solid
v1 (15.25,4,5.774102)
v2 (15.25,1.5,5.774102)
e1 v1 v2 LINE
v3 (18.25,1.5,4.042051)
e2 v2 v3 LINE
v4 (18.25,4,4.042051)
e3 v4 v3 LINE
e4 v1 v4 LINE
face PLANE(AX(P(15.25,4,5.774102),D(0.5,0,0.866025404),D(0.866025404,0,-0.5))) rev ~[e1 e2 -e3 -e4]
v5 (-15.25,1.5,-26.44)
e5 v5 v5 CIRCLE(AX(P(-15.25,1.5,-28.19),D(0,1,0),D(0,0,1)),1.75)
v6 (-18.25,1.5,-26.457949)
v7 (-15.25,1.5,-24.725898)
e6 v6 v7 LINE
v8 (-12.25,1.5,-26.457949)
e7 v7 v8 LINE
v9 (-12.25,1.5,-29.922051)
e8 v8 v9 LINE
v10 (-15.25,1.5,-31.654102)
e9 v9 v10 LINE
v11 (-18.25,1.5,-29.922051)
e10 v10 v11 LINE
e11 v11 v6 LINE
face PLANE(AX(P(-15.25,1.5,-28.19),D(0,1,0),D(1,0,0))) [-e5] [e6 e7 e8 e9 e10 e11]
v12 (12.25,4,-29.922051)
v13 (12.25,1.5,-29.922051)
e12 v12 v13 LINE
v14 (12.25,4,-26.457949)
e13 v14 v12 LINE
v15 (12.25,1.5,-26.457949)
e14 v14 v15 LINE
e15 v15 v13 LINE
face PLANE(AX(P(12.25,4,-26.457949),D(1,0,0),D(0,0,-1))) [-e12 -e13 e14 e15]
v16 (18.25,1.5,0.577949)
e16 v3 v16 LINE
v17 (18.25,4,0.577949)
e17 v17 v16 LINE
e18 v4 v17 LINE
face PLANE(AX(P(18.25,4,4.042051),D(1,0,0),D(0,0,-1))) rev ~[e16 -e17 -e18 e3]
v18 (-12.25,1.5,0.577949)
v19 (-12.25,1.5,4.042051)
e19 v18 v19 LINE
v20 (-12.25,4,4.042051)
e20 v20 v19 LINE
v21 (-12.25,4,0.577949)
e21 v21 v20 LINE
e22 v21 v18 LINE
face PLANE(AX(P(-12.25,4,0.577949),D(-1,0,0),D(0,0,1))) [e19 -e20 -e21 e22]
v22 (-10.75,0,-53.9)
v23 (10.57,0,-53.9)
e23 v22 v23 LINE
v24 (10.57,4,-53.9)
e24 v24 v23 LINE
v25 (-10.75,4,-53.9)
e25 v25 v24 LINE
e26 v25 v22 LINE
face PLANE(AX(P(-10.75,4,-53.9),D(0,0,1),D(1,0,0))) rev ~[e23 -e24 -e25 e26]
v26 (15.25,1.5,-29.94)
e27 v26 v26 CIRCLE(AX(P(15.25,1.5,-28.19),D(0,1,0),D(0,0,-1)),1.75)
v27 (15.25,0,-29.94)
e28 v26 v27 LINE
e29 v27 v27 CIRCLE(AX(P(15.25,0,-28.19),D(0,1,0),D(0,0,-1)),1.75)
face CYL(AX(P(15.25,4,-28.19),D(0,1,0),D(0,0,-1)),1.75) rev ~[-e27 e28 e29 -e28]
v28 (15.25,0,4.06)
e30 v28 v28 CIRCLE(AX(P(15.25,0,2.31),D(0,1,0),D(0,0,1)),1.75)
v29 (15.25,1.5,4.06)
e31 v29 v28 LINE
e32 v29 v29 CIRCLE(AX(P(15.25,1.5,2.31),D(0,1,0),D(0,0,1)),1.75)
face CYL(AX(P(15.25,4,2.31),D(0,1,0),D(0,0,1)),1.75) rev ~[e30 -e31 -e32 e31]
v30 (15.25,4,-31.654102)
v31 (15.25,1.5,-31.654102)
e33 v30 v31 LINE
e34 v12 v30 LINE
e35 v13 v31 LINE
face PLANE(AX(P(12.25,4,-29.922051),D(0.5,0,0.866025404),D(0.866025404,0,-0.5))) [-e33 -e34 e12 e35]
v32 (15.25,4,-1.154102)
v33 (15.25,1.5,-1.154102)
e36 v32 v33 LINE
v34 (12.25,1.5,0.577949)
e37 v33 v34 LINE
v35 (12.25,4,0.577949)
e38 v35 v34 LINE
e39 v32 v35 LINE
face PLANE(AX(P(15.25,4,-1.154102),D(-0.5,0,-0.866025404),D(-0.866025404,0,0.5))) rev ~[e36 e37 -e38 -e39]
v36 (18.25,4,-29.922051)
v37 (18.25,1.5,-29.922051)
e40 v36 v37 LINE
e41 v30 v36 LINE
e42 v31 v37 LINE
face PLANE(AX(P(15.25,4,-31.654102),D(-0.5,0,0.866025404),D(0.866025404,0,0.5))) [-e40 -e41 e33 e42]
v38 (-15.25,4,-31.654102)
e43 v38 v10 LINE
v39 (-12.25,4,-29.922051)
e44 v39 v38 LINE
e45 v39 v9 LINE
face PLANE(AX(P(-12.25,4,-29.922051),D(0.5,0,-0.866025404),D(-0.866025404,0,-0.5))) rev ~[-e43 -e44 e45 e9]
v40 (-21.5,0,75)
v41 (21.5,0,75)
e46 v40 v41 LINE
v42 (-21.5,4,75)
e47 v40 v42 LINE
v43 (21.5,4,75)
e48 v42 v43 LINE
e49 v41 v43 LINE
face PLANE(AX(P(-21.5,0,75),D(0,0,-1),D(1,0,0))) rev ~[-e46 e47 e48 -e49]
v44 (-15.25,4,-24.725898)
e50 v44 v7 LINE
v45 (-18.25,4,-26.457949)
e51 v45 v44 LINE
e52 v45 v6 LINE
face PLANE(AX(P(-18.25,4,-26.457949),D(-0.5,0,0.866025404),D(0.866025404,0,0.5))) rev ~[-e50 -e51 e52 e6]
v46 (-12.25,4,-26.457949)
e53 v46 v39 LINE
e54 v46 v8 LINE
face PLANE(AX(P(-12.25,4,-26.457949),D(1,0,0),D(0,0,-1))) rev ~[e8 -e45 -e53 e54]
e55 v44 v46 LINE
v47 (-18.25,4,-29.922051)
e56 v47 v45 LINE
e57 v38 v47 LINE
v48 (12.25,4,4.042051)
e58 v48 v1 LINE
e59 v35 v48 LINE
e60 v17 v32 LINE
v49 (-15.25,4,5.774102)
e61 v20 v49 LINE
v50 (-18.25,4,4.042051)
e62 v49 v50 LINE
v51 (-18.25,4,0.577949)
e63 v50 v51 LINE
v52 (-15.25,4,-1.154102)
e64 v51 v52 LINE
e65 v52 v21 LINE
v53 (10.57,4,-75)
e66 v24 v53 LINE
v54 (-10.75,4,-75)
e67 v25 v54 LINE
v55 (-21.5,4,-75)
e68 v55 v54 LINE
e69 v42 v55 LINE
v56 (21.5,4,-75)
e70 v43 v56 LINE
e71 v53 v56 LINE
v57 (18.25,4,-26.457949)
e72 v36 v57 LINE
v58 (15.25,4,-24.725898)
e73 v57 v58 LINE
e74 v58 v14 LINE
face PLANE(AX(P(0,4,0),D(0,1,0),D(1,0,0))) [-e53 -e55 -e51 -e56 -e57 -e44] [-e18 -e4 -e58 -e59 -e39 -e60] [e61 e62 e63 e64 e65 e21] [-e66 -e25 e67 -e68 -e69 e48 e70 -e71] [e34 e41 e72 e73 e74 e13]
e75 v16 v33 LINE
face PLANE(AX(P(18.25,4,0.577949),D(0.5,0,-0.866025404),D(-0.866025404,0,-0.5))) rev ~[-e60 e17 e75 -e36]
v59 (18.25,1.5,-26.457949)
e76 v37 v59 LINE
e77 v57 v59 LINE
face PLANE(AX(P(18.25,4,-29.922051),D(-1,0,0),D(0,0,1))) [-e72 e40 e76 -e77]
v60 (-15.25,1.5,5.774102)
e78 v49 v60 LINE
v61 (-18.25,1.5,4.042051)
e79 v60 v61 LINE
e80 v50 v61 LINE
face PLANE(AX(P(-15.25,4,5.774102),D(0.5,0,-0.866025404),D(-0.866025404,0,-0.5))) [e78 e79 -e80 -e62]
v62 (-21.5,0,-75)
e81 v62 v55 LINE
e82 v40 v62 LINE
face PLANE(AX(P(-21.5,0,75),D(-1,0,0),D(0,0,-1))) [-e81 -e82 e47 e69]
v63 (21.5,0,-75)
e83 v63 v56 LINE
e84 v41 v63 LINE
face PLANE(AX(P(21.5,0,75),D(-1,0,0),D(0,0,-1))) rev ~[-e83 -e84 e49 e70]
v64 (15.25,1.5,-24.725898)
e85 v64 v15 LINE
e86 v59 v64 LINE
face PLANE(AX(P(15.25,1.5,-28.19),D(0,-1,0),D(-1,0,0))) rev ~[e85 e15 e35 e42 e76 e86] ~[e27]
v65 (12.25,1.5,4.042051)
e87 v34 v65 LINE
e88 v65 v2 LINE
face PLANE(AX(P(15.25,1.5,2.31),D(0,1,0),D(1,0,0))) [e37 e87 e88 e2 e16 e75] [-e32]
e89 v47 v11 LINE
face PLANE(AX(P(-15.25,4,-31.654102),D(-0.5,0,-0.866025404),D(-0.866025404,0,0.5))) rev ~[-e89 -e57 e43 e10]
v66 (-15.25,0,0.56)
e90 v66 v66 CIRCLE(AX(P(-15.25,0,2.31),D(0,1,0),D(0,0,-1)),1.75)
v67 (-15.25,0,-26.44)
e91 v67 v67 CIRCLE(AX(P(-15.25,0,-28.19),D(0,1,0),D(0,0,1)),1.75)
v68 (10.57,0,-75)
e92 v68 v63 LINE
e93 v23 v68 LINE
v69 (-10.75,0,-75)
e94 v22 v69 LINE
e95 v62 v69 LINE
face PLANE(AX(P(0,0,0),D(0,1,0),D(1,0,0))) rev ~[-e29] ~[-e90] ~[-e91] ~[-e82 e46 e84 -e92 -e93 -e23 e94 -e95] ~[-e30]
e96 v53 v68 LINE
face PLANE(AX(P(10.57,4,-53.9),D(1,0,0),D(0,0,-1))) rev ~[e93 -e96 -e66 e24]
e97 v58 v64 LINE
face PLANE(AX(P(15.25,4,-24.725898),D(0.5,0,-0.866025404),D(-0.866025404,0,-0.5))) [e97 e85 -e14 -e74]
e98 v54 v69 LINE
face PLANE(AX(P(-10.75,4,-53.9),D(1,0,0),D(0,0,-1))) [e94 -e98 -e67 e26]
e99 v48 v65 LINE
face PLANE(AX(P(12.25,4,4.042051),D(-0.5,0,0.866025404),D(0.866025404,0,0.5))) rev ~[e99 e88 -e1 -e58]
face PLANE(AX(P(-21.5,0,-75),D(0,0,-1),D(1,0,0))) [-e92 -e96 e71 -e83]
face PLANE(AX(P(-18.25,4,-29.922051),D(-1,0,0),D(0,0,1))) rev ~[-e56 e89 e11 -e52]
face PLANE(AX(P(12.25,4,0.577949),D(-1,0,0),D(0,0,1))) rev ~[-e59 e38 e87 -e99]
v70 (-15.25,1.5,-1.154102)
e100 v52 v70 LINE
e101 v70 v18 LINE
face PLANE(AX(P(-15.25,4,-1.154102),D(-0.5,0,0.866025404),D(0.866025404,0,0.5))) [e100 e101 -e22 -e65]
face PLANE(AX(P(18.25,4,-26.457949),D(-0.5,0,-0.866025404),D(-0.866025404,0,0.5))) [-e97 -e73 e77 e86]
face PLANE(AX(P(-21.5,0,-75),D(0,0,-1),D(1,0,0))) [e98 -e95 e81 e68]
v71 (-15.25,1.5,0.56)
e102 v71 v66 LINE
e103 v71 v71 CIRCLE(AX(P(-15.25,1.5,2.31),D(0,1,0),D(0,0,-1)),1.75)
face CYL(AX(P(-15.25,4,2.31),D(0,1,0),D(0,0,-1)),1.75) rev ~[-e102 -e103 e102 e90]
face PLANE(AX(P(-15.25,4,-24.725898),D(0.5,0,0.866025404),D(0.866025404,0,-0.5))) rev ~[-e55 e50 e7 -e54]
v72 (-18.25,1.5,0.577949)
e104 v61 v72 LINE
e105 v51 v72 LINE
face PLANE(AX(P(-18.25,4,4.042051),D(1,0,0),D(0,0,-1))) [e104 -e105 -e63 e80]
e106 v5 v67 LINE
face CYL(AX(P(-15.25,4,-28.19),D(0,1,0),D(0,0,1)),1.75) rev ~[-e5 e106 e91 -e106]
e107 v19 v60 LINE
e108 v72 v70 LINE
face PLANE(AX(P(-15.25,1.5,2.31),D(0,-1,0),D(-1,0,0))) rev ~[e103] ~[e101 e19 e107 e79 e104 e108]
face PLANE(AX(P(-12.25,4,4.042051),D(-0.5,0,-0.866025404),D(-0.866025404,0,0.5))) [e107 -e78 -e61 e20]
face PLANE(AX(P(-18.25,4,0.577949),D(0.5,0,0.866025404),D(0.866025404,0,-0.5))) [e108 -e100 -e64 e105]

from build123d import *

# Parameters (mm, degrees)
SKETCH1_W           = 43
SKETCH1_H           = 150
BOSS_EXTRUDE1_DEPTH = 4
SKETCH2_W           = 10.57
SKETCH2_H           = 21.1
SKETCH2_W_2         = 10.75
CUT_EXTRUDE1_DEPTH  = 79.123299982
CUT_EXTRUDE2_DEPTH  = 2.5
SKETCH4_R           = 1.75
CUT_EXTRUDE3_DEPTH  = 79.123299982


with BuildPart() as part:
    # Sketch1 → Boss-Extrude1 (new body)
    with BuildSketch(Plane(origin=(0, 0, 0), x_dir=(1, 0, 0), z_dir=(0, 1, 0))):
        Rectangle(SKETCH1_W, SKETCH1_H)
    extrude(amount=BOSS_EXTRUDE1_DEPTH)

    # Sketch2 → Cut-Extrude1 (cut, through all)
    with BuildSketch(Plane(origin=(0, 4, 0), x_dir=(1, 0, 0), z_dir=(0, 1, 0))):
        with Locations((5.285, 64.45)):
            Rectangle(SKETCH2_W, SKETCH2_H)
        with Locations((-5.375, 64.45)):
            Rectangle(SKETCH2_W_2, SKETCH2_H)
    extrude(amount=-CUT_EXTRUDE1_DEPTH, mode=Mode.SUBTRACT)

    # Sketch3 → Cut-Extrude2 (cut)
    with BuildSketch(Plane(origin=(0, 4, 0), x_dir=(1, 0, 0), z_dir=(0, 1, 0))):
        Polygon((-15.25, 31.654101615), (-18.25, 29.922050808), (-18.25, 26.457949192), (-15.25, 24.725898385), (-12.25, 26.457949192), (-12.25, 29.922050808), align=None)
        Polygon((12.25, 29.922050808), (15.25, 31.654101615), (18.25, 29.922050808), (18.25, 26.457949192), (15.25, 24.725898385), (12.25, 26.457949192), align=None)
        Polygon((12.25, -0.577949192), (12.25, -4.042050808), (15.25, -5.774101615), (18.25, -4.042050808), (18.25, -0.577949192), (15.25, 1.154101615), align=None)
        Polygon((-12.25, -4.042050808), (-15.25, -5.774101615), (-18.25, -4.042050808), (-18.25, -0.577949192), (-15.25, 1.154101615), (-12.25, -0.577949192), align=None)
    extrude(amount=-CUT_EXTRUDE2_DEPTH, mode=Mode.SUBTRACT)

    # Sketch4 → Cut-Extrude3 (cut, through all)
    with BuildSketch(Plane(origin=(0, 4, 0), x_dir=(1, 0, 0), z_dir=(0, 1, 0))):
        with Locations(Location((-15.25, 28.19, 0), (0, 0, 270))):
            Circle(SKETCH4_R)
        with Locations(Location((15.25, 28.19, 0), (0, 0, 90))):
            Circle(SKETCH4_R)
        with Locations(Location((15.25, -2.31, 0), (0, 0, 270))):
            Circle(SKETCH4_R)
        with Locations(Location((-15.25, -2.31, 0), (0, 0, 90))):
            Circle(SKETCH4_R)
    extrude(amount=-CUT_EXTRUDE3_DEPTH, mode=Mode.SUBTRACT)


solid = part.part
